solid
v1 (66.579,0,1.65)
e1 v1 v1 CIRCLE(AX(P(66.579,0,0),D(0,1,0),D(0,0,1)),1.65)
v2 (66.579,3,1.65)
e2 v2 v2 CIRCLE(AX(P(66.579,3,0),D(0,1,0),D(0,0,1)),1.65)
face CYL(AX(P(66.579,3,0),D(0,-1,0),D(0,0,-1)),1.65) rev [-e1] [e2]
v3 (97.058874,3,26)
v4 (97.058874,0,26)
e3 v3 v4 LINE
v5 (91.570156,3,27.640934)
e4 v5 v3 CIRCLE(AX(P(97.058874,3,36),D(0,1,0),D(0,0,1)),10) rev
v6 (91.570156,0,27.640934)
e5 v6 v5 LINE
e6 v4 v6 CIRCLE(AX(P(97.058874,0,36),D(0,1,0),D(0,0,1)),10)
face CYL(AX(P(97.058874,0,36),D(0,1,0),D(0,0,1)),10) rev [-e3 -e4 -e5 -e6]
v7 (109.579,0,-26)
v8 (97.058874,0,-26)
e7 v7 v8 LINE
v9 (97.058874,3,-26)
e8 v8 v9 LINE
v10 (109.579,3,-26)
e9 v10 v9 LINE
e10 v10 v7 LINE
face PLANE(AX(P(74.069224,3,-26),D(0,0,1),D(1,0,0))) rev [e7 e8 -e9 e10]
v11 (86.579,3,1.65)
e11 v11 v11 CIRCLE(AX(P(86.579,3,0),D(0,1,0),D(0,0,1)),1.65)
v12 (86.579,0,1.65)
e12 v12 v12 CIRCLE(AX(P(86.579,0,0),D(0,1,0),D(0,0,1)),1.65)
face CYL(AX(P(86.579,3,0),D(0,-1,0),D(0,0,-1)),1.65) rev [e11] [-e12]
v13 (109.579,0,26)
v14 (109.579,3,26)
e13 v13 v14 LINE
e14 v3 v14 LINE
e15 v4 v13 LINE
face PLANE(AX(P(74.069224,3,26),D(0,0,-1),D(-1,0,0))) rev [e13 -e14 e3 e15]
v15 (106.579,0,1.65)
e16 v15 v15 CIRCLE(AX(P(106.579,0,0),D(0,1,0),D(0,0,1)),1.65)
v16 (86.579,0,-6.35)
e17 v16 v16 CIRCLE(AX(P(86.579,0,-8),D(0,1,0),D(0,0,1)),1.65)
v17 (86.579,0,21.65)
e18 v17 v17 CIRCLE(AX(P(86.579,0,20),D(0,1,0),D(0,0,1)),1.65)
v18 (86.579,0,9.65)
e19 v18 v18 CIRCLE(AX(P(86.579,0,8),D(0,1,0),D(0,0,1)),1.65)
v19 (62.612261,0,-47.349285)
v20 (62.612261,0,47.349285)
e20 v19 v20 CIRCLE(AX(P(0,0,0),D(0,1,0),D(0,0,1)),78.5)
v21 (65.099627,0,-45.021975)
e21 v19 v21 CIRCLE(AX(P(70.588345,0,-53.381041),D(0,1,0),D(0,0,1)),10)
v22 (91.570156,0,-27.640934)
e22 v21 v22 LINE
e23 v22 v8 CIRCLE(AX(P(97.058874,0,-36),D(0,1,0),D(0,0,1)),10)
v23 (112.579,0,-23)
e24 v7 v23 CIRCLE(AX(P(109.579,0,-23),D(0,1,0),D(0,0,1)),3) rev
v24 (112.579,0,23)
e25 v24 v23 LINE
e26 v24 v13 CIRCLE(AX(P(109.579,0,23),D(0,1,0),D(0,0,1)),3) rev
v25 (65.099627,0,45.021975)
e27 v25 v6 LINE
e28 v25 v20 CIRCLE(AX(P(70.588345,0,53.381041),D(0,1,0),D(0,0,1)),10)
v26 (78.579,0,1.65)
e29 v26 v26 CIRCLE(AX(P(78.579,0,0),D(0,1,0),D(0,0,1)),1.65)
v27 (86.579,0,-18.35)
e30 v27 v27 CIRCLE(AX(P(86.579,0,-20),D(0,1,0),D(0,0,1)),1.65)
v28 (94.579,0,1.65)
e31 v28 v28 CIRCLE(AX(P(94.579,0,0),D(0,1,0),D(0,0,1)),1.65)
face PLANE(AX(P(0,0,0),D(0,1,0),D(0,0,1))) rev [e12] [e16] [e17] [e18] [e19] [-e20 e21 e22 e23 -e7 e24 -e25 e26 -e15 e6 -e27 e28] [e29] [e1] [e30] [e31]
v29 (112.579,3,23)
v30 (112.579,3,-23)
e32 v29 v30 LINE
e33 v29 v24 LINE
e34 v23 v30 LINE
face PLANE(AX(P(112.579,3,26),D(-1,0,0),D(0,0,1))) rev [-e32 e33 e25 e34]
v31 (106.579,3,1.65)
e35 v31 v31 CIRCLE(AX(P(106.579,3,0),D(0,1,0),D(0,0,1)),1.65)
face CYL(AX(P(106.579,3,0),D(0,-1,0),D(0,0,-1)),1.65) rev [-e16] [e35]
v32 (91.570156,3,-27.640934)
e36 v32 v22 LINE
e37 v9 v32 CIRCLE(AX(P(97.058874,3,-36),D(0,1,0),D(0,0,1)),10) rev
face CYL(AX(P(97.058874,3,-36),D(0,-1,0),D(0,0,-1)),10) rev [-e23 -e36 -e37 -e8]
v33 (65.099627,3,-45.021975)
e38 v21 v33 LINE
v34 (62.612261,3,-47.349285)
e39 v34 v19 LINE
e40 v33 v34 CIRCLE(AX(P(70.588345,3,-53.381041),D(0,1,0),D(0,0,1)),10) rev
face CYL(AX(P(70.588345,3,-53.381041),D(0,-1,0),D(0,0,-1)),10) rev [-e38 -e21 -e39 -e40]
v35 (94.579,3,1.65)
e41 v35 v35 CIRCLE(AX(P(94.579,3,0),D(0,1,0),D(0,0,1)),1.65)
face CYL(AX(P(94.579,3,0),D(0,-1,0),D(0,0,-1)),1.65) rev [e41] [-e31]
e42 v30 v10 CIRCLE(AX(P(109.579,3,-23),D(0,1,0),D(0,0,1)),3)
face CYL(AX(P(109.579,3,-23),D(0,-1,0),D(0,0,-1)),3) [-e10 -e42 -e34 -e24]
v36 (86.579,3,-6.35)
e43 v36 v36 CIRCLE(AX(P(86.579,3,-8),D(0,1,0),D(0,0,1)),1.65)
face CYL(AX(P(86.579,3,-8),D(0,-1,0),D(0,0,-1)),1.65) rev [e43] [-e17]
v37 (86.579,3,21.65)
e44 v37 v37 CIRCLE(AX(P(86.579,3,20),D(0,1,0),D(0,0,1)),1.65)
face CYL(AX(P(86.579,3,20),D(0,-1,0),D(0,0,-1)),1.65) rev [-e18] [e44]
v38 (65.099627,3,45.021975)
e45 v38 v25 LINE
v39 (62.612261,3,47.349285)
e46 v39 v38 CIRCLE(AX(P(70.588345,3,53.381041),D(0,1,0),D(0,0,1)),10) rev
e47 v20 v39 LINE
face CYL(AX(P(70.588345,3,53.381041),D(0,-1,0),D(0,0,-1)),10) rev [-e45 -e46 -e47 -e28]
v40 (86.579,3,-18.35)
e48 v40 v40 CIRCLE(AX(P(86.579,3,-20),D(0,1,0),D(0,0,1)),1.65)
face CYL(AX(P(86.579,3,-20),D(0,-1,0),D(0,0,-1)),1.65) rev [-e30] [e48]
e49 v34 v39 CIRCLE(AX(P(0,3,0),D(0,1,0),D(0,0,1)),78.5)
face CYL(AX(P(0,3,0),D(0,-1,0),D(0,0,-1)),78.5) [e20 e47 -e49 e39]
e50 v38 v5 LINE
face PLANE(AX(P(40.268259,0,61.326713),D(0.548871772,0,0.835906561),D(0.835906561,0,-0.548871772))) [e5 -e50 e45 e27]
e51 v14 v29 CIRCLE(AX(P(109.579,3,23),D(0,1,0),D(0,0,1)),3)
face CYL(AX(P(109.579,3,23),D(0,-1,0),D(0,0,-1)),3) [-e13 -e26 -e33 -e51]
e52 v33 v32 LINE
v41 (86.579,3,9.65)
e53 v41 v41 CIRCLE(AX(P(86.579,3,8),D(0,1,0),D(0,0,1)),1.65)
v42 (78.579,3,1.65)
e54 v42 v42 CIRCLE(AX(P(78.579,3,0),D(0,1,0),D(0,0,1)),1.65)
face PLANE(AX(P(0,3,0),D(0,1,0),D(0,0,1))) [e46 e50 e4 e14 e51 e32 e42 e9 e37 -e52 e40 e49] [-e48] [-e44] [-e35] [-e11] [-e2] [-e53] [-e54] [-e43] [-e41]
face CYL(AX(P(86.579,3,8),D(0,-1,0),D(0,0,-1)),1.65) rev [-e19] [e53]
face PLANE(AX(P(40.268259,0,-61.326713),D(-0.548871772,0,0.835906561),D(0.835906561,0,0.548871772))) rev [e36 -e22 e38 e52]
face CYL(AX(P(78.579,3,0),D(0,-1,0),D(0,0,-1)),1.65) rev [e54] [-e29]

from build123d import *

# Parameters (mm, degrees)
SKETCH1_R           = 1.65
BOSS_EXTRUDE1_DEPTH = 3
BOSS_EXTRUDE2_START = -3
BOSS_EXTRUDE2_DEPTH = 3
FILLET1_R           = 10
FILLET2_R           = 3


with BuildPart() as part:
    # Sketch1 → Boss-Extrude1 (new body)
    with BuildSketch(Plane(origin=(0, 0, 0), x_dir=(1, 0, 0), z_dir=(0, 1, 0))):
        with BuildLine():
            Line((74.069224378, -26), (112.579, -26))
            Line((112.579, -26), (112.579, 26))
            Line((112.579, 26), (74.069224378, 26))
            ThreePointArc((74.069224378, 26), (-78.5, 0), (74.069224378, -26))
        make_face()
        with Locations(Location((86.579, 0, 0), (0, 0, 270))):
            Circle(SKETCH1_R, mode=Mode.SUBTRACT)
        with Locations(Location((94.579, 0, 0), (0, 0, 270))):
            Circle(SKETCH1_R, mode=Mode.SUBTRACT)
        with Locations(Location((106.579, 0, 0), (0, 0, 270))):
            Circle(SKETCH1_R, mode=Mode.SUBTRACT)
        with Locations(Location((86.579, -8, 0), (0, 0, 270))):
            Circle(SKETCH1_R, mode=Mode.SUBTRACT)
        with Locations(Location((86.579, -20, 0), (0, 0, 270))):
            Circle(SKETCH1_R, mode=Mode.SUBTRACT)
        with Locations(Location((78.579, 0, 0), (0, 0, 270))):
            Circle(SKETCH1_R, mode=Mode.SUBTRACT)
        with Locations(Location((66.579, 0, 0), (0, 0, 270))):
            Circle(SKETCH1_R, mode=Mode.SUBTRACT)
        with Locations(Location((86.579, 8, 0), (0, 0, 270))):
            Circle(SKETCH1_R, mode=Mode.SUBTRACT)
        with Locations(Location((86.579, 20, 0), (0, 0, 270))):
            Circle(SKETCH1_R, mode=Mode.SUBTRACT)
    extrude(amount=BOSS_EXTRUDE1_DEPTH)

    # Sketch2 → Boss-Extrude2 (add)
    with BuildSketch(Plane(origin=(0, 3, 0), x_dir=(1, 0, 0), z_dir=(0, 1, 0)).offset(BOSS_EXTRUDE2_START)):
        with BuildLine():
            ThreePointArc((74.069224378, -26), (69.562215981, -36.377851886), (63.610140701, -46))
            Line((63.610140701, -46), (94.069224378, -26))
            Line((94.069224378, -26), (74.069224378, -26))
        make_face()
        with BuildLine():
            Line((74.069224378, 26), (94.069224378, 26))
            Line((94.069224378, 26), (63.610140701, 46))
            ThreePointArc((63.610140701, 46), (69.562215981, 36.377851886), (74.069224378, 26))
        make_face()
    extrude(amount=BOSS_EXTRUDE2_DEPTH)

    # Fillet1
    fillet1_edges = [part.edges().sort_by_distance(p)[0] for p in [
        (63.610140701, 1.5, 46),
        (94.069224378, 1.5, 26),
        (63.610140701, 1.5, -46),
        (94.069224378, 1.5, -26),
    ]]
    fillet(fillet1_edges, radius=FILLET1_R)

    # Fillet2
    fillet2_edges = [part.edges().sort_by_distance(p)[0] for p in [
        (112.579, 1.5, -26),
        (112.579, 1.5, 26),
    ]]
    fillet(fillet2_edges, radius=FILLET2_R)


solid = part.part
